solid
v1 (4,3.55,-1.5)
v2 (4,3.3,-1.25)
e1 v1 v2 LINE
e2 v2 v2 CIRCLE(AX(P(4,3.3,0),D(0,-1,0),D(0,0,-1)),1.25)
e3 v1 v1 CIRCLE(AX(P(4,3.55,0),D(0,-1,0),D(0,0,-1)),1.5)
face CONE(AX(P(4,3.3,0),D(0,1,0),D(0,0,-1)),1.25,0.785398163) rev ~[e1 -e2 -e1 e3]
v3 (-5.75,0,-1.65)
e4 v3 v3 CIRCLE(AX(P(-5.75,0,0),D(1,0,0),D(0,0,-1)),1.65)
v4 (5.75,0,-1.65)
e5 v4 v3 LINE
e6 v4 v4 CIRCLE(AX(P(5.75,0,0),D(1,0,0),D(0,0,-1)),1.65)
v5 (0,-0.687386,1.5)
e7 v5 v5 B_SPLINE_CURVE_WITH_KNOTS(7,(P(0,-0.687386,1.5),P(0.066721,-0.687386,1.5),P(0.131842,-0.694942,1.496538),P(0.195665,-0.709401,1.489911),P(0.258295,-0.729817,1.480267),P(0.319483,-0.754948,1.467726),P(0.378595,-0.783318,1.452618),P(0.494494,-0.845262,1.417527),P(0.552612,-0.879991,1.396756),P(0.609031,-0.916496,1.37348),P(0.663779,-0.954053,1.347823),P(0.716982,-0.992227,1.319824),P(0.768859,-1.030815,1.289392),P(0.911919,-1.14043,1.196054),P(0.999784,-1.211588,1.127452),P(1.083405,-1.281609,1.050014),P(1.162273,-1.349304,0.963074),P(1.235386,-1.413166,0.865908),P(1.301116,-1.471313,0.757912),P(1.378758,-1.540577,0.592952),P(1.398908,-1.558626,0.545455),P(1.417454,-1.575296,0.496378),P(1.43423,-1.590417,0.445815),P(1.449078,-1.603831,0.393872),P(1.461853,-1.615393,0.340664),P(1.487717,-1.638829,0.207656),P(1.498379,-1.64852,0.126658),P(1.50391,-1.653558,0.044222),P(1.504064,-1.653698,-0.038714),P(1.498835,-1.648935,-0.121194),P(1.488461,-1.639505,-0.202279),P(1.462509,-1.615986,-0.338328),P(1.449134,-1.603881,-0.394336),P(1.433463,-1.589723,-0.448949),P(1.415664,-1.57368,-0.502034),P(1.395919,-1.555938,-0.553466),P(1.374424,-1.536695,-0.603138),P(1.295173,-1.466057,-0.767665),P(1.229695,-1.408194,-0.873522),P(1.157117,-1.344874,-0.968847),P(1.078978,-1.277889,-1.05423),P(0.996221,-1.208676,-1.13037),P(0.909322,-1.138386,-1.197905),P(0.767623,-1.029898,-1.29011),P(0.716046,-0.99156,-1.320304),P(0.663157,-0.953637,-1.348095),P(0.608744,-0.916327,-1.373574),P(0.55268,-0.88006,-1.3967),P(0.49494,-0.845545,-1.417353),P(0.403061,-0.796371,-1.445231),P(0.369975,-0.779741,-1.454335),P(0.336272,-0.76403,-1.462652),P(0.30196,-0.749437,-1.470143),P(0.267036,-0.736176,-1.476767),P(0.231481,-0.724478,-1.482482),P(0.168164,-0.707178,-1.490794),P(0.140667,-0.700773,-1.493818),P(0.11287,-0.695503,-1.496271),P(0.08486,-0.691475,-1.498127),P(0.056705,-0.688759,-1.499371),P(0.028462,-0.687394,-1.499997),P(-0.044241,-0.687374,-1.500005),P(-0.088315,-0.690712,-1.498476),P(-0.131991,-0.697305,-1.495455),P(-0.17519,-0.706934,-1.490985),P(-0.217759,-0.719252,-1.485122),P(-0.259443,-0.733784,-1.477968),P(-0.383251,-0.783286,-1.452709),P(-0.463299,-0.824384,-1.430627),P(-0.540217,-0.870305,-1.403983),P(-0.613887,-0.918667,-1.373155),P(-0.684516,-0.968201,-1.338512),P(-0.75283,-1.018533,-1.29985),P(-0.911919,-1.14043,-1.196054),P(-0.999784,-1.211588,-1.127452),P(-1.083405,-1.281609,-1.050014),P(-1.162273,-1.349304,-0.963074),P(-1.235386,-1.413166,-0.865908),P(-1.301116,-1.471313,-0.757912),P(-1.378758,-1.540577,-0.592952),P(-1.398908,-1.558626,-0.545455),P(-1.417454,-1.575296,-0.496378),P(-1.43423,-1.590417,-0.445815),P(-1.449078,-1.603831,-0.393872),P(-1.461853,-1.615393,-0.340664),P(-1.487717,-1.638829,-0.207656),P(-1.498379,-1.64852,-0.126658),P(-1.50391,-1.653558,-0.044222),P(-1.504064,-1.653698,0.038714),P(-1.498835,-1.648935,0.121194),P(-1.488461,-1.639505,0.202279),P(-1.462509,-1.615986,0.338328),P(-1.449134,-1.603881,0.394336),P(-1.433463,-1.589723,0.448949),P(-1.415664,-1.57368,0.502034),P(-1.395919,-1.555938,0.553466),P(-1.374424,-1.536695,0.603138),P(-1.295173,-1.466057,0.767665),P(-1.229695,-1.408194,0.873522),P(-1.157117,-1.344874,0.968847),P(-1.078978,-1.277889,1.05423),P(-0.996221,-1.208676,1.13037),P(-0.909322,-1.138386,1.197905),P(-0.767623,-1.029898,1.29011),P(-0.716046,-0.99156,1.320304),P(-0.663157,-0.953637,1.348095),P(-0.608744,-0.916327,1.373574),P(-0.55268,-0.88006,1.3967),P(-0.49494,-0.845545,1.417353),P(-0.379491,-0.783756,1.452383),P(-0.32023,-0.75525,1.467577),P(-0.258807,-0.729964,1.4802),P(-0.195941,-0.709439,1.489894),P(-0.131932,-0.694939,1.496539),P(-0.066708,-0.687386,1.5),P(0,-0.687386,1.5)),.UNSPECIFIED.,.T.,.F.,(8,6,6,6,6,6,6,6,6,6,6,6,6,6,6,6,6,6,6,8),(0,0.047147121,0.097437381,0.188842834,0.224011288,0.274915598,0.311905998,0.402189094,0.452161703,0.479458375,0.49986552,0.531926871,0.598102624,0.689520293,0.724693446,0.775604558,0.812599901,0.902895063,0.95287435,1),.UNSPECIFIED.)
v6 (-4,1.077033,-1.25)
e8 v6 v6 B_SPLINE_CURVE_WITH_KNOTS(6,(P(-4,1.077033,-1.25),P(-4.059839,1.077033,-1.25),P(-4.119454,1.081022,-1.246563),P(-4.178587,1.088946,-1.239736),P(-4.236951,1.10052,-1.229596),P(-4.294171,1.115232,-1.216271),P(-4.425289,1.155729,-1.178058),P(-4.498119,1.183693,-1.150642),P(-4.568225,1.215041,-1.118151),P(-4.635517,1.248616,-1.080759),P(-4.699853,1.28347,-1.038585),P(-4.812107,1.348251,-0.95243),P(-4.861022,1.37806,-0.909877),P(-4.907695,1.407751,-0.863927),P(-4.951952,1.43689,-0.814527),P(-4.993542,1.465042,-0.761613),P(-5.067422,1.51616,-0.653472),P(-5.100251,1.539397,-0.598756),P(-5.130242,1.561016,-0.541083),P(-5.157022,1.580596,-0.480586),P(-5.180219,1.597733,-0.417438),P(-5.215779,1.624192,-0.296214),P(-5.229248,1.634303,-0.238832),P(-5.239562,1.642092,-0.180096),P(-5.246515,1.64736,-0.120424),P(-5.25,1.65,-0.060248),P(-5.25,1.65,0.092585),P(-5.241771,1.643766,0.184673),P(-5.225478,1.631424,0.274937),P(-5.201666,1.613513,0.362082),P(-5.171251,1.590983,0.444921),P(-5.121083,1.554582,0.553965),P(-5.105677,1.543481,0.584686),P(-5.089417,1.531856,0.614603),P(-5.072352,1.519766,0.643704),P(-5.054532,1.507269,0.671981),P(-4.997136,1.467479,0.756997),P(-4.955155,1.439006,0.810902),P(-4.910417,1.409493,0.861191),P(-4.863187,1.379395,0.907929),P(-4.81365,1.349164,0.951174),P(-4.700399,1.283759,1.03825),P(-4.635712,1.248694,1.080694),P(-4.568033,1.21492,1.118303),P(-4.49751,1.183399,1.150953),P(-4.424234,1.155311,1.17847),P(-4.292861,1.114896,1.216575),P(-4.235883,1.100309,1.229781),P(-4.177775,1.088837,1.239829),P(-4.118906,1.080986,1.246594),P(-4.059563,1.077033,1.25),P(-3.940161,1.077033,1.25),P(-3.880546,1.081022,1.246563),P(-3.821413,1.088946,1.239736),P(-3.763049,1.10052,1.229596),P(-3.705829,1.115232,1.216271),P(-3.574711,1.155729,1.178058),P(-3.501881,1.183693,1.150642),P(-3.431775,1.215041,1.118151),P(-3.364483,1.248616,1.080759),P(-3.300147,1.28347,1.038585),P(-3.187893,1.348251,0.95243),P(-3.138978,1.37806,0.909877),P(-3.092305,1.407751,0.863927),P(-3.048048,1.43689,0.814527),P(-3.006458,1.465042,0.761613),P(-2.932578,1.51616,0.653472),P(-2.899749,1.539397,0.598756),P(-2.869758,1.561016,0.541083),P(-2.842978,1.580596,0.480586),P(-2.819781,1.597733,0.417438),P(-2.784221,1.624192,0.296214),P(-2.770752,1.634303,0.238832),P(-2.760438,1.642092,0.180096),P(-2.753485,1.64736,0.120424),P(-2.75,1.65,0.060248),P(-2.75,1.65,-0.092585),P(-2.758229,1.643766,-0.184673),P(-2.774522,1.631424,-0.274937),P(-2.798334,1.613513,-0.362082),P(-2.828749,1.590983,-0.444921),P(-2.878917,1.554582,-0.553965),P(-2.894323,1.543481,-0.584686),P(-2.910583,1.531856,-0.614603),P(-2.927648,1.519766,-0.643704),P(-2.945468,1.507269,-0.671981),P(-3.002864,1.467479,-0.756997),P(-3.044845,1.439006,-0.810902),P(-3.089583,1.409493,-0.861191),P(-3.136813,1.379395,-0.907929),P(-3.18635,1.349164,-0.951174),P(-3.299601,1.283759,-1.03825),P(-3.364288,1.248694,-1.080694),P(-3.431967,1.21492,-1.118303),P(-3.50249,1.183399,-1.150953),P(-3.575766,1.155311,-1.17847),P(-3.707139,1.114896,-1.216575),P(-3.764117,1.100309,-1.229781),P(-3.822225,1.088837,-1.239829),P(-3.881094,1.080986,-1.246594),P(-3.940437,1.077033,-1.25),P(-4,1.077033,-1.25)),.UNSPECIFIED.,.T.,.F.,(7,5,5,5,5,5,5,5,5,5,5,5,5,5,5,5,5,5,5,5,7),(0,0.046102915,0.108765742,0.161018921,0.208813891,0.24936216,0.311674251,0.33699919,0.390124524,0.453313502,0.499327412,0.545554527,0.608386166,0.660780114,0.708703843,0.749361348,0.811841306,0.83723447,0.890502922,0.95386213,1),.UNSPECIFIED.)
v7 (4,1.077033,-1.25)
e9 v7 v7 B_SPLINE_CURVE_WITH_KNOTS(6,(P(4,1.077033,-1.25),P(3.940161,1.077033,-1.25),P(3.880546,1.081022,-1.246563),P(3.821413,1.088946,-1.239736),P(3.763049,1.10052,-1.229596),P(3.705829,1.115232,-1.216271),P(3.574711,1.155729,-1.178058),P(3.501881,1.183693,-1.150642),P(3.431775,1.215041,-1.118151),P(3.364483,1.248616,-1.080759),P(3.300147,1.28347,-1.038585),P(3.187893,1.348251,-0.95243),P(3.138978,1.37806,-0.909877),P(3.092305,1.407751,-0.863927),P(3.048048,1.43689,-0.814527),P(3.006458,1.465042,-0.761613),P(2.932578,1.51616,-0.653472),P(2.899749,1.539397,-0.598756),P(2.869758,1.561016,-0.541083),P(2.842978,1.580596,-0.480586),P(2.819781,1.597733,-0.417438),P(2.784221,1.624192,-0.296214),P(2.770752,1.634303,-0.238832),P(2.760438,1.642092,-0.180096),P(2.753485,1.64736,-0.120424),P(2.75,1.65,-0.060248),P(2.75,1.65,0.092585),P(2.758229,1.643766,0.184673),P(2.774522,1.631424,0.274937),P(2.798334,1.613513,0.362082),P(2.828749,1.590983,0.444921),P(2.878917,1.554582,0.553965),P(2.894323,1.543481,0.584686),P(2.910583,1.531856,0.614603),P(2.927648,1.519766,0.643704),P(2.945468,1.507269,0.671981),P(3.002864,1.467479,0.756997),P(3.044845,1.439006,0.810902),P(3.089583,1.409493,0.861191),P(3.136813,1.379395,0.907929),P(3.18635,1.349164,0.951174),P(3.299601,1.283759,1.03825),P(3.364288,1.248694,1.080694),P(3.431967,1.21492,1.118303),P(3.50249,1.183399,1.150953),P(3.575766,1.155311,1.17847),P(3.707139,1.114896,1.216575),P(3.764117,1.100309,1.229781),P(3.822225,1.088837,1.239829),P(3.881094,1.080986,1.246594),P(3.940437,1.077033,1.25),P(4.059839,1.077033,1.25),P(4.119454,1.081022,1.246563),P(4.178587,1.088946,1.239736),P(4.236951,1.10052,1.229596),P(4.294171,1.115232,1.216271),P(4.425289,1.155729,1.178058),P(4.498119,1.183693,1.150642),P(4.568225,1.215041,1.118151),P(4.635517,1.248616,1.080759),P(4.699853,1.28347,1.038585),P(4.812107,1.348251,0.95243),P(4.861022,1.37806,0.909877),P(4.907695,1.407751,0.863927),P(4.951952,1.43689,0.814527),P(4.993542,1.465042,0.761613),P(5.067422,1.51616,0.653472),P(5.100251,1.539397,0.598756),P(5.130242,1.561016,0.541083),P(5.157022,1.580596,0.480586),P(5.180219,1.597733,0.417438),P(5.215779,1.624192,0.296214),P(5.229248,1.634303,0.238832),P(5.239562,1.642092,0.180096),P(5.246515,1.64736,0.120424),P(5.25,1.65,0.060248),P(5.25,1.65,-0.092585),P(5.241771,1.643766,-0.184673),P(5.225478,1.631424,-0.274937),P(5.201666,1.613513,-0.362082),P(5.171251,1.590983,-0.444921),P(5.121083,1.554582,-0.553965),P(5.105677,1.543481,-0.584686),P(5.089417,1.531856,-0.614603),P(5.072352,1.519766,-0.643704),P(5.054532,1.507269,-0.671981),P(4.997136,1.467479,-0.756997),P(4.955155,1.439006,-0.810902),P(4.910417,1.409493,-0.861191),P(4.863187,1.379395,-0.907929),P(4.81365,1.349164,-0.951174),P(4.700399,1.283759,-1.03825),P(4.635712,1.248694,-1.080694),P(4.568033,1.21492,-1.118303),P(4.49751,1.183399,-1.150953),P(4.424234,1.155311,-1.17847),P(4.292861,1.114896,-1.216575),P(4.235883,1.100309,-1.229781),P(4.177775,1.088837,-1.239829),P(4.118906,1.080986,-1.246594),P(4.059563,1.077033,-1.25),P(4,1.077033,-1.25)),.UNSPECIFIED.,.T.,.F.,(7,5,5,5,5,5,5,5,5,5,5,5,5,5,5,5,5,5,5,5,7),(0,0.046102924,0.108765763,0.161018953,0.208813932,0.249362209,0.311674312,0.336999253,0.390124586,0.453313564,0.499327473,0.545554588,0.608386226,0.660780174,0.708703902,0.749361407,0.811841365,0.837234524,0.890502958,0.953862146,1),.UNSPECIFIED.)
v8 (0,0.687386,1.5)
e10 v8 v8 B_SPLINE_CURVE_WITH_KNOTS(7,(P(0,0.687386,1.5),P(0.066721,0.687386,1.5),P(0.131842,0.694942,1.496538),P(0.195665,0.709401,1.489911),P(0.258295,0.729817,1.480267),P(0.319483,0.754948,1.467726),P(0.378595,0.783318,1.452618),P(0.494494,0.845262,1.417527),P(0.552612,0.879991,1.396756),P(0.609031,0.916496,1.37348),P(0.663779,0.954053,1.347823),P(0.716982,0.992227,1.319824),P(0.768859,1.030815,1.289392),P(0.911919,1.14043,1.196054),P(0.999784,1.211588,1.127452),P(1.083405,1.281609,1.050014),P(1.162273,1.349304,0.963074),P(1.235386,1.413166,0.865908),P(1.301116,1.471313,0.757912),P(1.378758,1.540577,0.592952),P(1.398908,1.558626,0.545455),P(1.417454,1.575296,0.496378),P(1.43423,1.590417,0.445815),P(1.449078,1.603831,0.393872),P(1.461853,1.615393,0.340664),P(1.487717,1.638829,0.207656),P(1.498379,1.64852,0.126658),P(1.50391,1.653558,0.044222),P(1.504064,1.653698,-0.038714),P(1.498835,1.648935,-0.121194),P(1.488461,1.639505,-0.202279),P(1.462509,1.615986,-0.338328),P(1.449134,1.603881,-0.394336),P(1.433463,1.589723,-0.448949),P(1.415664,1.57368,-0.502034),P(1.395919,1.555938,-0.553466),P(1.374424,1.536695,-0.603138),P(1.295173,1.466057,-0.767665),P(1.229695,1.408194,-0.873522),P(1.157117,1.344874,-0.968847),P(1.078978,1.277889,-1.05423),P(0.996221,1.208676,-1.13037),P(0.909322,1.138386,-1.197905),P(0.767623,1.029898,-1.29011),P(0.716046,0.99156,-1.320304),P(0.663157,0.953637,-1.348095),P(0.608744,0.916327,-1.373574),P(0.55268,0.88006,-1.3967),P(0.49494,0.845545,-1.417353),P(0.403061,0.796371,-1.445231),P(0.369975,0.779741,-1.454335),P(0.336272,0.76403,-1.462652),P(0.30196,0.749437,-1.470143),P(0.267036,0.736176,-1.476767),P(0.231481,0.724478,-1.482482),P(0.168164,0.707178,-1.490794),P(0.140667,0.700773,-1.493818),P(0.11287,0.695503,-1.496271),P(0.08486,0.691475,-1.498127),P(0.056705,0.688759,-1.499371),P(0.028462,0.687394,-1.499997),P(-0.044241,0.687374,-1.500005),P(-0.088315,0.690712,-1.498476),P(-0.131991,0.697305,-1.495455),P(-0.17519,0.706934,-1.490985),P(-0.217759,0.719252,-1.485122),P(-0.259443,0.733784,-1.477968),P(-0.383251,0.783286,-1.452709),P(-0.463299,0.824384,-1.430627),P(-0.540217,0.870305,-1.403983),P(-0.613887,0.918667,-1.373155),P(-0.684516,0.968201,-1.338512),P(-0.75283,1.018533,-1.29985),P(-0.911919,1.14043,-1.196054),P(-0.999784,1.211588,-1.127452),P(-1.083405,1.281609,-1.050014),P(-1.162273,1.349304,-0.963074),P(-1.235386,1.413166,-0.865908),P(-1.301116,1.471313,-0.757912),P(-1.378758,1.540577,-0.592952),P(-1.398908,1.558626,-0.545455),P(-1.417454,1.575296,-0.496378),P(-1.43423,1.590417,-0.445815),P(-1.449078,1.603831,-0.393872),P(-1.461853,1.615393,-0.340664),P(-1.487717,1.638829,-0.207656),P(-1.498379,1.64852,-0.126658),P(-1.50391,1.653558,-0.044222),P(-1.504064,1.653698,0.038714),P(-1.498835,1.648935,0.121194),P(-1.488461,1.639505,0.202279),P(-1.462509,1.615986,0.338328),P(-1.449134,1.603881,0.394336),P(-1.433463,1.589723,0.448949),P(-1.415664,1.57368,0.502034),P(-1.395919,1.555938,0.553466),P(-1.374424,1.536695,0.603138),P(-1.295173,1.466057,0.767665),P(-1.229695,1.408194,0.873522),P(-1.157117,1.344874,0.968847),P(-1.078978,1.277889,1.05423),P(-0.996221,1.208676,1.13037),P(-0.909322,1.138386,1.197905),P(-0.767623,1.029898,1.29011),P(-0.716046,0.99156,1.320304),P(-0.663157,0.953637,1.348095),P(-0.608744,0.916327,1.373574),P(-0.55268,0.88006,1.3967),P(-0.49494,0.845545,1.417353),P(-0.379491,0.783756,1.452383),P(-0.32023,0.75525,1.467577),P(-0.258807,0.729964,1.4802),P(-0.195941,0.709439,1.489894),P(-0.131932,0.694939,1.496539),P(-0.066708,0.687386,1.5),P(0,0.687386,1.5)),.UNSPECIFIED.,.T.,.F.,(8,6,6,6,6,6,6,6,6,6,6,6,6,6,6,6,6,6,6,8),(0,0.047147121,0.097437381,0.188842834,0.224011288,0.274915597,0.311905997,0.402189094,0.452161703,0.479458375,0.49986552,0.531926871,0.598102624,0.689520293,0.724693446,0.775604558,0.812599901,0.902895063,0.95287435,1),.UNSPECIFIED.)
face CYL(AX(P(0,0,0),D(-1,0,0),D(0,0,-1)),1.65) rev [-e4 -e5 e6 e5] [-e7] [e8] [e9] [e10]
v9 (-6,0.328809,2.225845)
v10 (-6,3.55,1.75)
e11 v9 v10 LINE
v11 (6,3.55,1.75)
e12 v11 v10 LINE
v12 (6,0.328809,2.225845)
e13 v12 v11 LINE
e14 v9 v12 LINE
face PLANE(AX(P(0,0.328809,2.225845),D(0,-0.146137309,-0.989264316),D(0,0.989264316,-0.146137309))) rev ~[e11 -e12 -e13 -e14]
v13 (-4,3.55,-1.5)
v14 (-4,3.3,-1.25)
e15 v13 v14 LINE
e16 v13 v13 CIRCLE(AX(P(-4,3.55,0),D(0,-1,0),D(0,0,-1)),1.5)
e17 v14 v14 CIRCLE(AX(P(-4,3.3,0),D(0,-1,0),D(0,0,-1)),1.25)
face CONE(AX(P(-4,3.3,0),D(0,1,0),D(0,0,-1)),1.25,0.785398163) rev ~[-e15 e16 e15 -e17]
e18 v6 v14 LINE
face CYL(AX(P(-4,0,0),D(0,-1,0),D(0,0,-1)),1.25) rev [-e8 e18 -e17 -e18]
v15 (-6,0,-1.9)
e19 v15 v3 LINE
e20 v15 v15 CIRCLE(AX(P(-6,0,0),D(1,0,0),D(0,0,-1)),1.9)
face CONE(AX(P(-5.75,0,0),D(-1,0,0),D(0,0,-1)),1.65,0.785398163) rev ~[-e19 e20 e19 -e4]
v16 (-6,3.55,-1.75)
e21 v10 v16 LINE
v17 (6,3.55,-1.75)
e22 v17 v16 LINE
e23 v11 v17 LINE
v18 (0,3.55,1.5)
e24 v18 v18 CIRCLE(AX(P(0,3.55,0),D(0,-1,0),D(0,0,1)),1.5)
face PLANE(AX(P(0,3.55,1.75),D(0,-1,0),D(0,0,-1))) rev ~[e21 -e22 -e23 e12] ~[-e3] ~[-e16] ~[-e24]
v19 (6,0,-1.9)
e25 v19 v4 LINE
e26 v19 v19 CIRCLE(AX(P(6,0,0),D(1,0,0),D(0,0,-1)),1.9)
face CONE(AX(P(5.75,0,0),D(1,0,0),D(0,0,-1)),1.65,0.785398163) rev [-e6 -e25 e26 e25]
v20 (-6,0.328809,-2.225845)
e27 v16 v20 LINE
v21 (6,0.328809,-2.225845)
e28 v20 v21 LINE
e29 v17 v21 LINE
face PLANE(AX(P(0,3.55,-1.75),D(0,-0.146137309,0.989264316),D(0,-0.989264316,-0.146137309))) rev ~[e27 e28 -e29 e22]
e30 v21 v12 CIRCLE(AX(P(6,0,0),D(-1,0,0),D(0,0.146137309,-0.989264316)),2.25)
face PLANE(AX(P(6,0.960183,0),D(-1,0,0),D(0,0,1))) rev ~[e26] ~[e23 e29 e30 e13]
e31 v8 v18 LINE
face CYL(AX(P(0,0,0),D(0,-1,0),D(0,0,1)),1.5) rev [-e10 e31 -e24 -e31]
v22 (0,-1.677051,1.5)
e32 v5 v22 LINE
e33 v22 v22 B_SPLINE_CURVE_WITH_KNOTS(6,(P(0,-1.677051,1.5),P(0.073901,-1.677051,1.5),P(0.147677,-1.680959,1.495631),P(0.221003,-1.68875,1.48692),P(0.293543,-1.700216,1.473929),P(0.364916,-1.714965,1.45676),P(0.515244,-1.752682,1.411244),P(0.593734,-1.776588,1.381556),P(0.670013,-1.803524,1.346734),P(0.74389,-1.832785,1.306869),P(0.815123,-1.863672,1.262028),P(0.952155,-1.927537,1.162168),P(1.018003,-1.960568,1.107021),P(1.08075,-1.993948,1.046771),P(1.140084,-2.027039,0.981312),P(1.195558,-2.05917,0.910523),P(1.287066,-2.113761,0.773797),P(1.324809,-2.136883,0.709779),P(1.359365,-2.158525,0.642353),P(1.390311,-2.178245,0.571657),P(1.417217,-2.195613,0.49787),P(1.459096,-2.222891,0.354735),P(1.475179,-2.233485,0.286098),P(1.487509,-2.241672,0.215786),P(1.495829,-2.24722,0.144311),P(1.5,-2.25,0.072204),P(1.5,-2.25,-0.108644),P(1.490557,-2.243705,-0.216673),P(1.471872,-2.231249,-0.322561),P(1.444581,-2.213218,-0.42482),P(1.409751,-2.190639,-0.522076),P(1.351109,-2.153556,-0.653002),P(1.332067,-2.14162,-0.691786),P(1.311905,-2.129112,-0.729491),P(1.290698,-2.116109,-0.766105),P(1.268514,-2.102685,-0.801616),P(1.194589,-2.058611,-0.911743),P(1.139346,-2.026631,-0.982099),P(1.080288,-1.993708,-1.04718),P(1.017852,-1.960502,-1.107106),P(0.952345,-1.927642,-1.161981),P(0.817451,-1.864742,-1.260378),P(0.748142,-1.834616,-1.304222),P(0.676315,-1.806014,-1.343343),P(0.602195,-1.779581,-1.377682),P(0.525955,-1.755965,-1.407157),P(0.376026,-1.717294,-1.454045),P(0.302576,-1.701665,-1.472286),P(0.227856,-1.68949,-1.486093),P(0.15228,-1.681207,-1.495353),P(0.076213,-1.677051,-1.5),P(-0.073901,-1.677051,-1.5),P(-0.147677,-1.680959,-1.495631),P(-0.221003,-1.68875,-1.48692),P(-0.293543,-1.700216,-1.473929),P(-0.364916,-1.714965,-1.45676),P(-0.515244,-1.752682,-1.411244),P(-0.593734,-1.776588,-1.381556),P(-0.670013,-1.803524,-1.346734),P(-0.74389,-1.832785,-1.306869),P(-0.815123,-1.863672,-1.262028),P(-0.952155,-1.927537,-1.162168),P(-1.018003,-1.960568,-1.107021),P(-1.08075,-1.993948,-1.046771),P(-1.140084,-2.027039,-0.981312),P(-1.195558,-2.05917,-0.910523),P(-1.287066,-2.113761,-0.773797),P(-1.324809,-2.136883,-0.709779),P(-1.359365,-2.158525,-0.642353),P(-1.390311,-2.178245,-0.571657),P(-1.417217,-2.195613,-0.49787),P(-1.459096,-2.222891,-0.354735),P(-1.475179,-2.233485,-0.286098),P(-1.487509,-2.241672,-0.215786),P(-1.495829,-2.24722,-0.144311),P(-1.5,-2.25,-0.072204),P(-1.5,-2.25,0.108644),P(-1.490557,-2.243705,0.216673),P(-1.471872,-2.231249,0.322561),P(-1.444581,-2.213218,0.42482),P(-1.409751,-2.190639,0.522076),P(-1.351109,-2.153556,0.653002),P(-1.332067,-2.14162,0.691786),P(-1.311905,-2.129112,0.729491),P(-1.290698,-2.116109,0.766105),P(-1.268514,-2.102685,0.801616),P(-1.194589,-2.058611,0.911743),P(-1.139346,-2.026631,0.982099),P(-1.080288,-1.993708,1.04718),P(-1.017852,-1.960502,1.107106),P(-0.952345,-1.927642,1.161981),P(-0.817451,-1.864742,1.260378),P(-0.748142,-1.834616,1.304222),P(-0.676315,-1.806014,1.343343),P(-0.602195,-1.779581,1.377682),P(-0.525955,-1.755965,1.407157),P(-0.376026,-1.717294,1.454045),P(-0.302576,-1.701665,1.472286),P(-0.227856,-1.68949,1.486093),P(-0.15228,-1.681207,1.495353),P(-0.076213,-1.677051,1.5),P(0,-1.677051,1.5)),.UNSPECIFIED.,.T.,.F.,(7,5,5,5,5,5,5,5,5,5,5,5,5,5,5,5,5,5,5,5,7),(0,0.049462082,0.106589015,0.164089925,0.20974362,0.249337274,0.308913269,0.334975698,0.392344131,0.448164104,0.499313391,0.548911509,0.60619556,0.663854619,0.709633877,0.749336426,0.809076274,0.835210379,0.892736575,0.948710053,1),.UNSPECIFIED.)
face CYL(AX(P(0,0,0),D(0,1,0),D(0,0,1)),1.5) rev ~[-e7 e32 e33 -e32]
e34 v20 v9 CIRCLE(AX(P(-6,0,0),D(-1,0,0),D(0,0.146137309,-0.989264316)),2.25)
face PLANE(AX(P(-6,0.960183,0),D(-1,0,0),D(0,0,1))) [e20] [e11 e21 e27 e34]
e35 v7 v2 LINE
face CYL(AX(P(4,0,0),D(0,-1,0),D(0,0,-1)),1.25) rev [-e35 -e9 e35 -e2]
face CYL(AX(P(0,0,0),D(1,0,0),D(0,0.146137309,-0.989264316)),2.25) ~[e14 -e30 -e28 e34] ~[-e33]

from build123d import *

# Parameters (mm, degrees)
SKETCH1_R               = 1.65
EXTRUDE1_DEPTH          = 6
SKETCH2_R               = 1.25
CUT_EXTRUDE1_DEPTH      = 4.55
SKETCH3_R               = 1.5
CUT_EXTRUDE2_DEPTH      = 4.5500001
CUT_EXTRUDE2_DEPTH_BACK = 3.25
CHAMFER1_SIZE           = 0.25


with BuildPart() as part:
    # Sketch1 → Extrude1 (new body, symmetric)
    with BuildSketch(Plane(origin=(0, 0, 0), x_dir=(0, 0, -1), z_dir=(1, 0, 0))):
        with BuildLine():
            Line((-2.225844711, 0.328808945), (-1.75, 3.55))
            Line((-1.75, 3.55), (1.75, 3.55))
            Line((1.75, 3.55), (2.225844711, 0.328808945))
            ThreePointArc((2.225844711, 0.328808945), (0, -2.25), (-2.225844711, 0.328808945))
        make_face()
        Circle(SKETCH1_R, mode=Mode.SUBTRACT)
    extrude(amount=EXTRUDE1_DEPTH, both=True)

    # Sketch2 → Cut-Extrude1 (cut, through all)
    with BuildSketch(Plane(origin=(0, 0, 0), x_dir=(1, 0, 0), z_dir=(0, 1, 0))):
        with Locations(Location((-4, 0, 0), (0, 0, 90))):  # turned: the seam where the file's is
            Circle(SKETCH2_R)
        with Locations(Location((4, 0, 0), (0, 0, 90))):  # turned: the seam where the file's is
            Circle(SKETCH2_R)
    extrude(amount=CUT_EXTRUDE1_DEPTH, mode=Mode.SUBTRACT)

    # Sketch3 → Cut-Extrude2 (cut, two sides)
    with BuildSketch(Plane(origin=(0, 0, 0), x_dir=(1, 0, 0), z_dir=(0, 1, 0))) as cut_extrude2_sk:
        with Locations(Location((0, 0, 0), (0, 0, 270))):  # turned: the seam where the file's is
            Circle(SKETCH3_R)
    extrude(amount=CUT_EXTRUDE2_DEPTH, mode=Mode.SUBTRACT)
    extrude(cut_extrude2_sk.sketch, amount=-CUT_EXTRUDE2_DEPTH_BACK, mode=Mode.SUBTRACT)

    # Chamfer1
    chamfer1_edges = [part.edges().sort_by_distance(p)[0] for p in [
        (-6, 0, 1.65),
        (6, 0, 1.65),
        (-4, 3.55, 1.25),
        (4, 3.55, 1.25),
    ]]
    chamfer(chamfer1_edges, length=CHAMFER1_SIZE)


solid = part.part
